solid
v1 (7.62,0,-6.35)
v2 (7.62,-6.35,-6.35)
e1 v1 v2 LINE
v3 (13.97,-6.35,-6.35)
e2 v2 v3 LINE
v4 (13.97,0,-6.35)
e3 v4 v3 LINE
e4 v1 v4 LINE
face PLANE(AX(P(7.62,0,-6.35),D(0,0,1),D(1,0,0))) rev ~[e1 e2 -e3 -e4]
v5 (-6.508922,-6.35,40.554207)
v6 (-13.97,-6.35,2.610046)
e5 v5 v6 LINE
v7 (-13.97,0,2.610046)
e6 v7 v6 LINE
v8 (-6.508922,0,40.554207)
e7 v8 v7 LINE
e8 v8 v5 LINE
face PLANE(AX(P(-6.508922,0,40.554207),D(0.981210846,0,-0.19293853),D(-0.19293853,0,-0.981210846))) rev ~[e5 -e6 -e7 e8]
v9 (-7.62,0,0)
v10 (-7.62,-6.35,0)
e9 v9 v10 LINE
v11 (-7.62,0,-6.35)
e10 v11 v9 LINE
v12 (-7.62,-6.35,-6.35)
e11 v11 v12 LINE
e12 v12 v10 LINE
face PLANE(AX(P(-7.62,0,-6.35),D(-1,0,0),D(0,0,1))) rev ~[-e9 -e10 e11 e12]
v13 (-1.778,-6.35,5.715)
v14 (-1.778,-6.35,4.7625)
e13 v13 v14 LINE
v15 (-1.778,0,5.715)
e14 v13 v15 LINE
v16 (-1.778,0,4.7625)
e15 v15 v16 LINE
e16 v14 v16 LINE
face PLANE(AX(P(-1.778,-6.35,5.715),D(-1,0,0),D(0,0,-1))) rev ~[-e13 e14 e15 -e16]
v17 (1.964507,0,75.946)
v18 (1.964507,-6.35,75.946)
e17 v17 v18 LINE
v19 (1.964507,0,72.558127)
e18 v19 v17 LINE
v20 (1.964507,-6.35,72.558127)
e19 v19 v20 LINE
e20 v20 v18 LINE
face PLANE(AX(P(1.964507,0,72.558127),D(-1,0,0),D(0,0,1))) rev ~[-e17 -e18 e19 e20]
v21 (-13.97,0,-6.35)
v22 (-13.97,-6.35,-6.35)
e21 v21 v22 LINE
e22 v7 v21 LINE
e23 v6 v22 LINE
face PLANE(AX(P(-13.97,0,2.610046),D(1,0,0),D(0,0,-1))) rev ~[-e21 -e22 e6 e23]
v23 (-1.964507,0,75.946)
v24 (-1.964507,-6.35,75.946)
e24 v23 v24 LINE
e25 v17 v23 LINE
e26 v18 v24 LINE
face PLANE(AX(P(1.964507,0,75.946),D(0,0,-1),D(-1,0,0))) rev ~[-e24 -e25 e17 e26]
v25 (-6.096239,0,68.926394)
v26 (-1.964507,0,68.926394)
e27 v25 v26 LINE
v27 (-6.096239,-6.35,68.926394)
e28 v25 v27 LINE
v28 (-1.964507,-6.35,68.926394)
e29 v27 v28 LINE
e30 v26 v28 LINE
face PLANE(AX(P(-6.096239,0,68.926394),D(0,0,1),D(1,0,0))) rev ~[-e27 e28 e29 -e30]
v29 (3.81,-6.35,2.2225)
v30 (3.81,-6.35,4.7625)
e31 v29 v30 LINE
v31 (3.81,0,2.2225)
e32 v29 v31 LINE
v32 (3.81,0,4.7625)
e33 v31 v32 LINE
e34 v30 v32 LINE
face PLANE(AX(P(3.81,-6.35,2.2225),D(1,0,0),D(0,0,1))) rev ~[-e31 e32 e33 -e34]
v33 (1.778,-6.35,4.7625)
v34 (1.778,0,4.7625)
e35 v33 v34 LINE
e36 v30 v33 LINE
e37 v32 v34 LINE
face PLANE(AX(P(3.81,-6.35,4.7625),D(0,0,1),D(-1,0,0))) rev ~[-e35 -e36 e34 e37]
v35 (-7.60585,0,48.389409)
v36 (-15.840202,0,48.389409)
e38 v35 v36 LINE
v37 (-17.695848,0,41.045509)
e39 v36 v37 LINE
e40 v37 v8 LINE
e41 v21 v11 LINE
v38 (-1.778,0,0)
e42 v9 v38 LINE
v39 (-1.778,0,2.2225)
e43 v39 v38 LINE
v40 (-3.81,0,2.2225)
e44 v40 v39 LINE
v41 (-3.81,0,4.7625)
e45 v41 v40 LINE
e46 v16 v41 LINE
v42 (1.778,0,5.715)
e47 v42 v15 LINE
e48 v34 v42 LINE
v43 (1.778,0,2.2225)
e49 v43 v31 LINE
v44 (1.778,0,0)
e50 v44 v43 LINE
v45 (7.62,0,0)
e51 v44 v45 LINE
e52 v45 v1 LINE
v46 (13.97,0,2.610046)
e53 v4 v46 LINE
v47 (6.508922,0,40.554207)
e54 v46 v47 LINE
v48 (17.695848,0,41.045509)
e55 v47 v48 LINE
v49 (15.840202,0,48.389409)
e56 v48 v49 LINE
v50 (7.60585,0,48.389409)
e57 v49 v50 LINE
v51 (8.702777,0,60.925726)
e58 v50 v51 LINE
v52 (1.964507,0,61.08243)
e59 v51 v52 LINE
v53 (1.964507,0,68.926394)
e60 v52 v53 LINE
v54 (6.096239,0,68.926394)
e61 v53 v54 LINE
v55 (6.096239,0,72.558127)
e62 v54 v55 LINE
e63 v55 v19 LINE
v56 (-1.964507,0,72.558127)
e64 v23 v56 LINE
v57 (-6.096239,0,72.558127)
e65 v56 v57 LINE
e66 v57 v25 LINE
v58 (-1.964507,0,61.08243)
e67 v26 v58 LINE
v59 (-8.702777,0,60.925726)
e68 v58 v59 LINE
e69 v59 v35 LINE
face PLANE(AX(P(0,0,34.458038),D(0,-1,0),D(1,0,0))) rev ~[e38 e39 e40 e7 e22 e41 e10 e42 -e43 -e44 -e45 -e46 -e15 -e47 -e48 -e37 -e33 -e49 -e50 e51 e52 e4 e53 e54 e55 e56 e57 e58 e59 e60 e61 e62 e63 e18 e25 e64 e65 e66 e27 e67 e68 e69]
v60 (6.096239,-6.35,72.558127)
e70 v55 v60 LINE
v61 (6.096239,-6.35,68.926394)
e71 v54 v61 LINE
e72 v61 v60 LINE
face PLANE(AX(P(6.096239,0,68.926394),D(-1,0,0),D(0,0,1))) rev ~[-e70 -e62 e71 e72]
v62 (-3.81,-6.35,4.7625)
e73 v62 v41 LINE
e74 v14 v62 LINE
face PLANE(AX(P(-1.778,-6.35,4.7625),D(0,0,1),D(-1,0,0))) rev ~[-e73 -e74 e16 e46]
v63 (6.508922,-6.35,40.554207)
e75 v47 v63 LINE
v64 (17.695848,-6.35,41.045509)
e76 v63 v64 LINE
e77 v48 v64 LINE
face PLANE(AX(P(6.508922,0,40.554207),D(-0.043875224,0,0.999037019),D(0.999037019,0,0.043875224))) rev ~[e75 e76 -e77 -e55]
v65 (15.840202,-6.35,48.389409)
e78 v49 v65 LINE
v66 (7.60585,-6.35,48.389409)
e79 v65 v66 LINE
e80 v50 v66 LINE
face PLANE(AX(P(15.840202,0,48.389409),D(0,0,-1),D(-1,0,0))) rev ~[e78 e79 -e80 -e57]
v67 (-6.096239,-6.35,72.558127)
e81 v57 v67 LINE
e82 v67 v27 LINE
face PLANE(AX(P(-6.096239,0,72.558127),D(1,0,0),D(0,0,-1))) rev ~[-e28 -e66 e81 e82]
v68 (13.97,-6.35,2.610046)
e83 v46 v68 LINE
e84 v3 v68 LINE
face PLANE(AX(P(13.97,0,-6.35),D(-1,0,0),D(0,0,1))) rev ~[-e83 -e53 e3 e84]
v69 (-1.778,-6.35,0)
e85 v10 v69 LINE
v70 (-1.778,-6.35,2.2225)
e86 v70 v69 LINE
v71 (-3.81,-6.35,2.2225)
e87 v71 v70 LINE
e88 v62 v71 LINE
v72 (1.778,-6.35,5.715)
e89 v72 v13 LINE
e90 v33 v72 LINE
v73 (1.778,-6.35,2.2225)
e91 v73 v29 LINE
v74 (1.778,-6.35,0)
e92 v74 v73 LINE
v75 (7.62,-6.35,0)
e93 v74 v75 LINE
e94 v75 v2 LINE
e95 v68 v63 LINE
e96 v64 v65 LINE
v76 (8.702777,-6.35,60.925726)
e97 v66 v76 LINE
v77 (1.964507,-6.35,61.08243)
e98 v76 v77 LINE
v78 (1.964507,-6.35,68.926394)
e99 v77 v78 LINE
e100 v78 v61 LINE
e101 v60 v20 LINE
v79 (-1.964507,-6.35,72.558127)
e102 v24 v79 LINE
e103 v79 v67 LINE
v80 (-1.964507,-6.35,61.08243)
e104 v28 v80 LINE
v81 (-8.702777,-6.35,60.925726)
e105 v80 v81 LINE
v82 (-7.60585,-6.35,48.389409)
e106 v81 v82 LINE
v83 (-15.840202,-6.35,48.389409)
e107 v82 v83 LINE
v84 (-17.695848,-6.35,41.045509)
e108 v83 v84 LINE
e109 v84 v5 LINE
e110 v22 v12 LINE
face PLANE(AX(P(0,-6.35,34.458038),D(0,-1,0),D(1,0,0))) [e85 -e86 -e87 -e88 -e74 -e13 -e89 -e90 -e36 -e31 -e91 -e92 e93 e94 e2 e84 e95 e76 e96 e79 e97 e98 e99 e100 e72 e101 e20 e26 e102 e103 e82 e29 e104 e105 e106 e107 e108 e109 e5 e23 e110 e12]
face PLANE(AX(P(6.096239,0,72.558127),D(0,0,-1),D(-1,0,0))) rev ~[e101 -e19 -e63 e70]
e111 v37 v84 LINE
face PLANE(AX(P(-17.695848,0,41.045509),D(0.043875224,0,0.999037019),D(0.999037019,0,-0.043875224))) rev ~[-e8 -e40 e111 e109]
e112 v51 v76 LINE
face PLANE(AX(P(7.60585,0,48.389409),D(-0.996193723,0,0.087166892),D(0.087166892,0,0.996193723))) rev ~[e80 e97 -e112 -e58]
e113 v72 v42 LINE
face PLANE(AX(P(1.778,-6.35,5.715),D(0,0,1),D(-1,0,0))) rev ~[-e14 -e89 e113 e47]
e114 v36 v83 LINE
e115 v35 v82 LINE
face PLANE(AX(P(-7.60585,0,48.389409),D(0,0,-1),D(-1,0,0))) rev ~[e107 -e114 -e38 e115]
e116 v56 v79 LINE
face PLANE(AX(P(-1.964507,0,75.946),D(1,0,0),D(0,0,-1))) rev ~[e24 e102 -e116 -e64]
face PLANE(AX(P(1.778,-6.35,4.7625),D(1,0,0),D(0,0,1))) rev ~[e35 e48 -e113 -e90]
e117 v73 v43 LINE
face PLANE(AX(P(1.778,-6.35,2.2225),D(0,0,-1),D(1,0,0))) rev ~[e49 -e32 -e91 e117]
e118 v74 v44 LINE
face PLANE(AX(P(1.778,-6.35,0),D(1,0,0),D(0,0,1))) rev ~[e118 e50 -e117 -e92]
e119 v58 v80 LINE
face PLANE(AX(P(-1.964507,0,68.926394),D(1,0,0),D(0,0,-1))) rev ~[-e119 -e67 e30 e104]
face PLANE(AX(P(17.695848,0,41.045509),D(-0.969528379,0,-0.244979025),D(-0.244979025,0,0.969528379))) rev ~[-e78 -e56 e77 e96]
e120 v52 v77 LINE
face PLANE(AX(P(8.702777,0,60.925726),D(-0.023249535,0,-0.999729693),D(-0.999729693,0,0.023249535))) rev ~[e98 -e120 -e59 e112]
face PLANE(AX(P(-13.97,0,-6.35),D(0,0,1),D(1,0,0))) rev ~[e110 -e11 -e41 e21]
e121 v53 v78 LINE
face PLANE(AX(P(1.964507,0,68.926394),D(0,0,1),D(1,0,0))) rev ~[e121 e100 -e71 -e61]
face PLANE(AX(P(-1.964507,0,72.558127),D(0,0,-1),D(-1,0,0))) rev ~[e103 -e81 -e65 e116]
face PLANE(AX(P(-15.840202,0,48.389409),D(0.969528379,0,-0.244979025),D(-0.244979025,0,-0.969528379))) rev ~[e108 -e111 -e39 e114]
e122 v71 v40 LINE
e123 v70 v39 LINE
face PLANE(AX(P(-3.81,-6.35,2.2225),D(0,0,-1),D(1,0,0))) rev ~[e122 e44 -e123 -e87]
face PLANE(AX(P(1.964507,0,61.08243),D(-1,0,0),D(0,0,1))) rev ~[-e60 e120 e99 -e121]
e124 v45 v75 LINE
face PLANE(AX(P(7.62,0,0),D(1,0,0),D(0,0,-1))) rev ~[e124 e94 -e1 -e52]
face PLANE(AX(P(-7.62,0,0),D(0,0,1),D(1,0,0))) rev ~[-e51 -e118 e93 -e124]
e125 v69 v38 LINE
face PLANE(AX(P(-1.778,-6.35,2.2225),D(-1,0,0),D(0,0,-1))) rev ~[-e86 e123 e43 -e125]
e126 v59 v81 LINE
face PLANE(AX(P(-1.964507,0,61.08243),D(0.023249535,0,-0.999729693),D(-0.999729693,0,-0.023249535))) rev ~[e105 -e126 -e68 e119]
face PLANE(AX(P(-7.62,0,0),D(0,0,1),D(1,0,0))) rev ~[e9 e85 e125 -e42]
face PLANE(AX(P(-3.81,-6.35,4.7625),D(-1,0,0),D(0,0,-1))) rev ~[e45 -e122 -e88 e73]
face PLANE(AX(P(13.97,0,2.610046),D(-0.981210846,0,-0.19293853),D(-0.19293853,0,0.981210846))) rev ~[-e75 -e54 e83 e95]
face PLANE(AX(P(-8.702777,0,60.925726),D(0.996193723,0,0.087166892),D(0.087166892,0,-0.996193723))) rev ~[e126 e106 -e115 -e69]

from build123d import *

# Parameters (mm, degrees)
F1_DEPTH = 6.35
F3_DEPTH = 25.4


with BuildPart() as f1:
    # F0 (on Front) → F1 (new body)
    with BuildSketch(Plane.XZ):
        Polygon((-13.97, 2.610046), (-13.97, 0), (-13.97, -6.35), (-7.62, -6.35), (-7.62, 0), (7.62, 0), (7.62, -6.35), (13.97, -6.35), (13.97, 0), (13.97, 2.610046), (6.508922, 40.554207), (17.695848, 41.045509), (15.840202, 48.389409), (7.60585, 48.389409), (8.702777, 60.925726), (1.964507, 61.08243), (1.964507, 68.926394), (6.096239, 68.926394), (6.096239, 72.558127), (1.964507, 72.558127), (1.964507, 75.946), (-1.964507, 75.946), (-1.964507, 72.558127), (-6.096239, 72.558127), (-6.096239, 68.926394), (-1.964507, 68.926394), (-1.964507, 61.08243), (-8.702777, 60.925726), (-7.60585, 48.389409), (-15.840202, 48.389409), (-17.695848, 41.045509), (-6.508922, 40.554207), align=None)
    extrude(amount=F1_DEPTH)

    # F2 (on face) → F3 (cut)
    with BuildSketch(Plane.XZ.offset(6.35)):
        Polygon((1.778, 5.715), (-1.778, 5.715), (-1.778, 4.7625), (-3.81, 4.7625), (-3.81, 2.2225), (-1.778, 2.2225), (-1.778, 0), (1.778, 0), (1.778, 2.2225), (3.81, 2.2225), (3.81, 4.7625), (1.778, 4.7625), align=None)
    extrude(amount=-F3_DEPTH, mode=Mode.SUBTRACT)


solid = f1.part
